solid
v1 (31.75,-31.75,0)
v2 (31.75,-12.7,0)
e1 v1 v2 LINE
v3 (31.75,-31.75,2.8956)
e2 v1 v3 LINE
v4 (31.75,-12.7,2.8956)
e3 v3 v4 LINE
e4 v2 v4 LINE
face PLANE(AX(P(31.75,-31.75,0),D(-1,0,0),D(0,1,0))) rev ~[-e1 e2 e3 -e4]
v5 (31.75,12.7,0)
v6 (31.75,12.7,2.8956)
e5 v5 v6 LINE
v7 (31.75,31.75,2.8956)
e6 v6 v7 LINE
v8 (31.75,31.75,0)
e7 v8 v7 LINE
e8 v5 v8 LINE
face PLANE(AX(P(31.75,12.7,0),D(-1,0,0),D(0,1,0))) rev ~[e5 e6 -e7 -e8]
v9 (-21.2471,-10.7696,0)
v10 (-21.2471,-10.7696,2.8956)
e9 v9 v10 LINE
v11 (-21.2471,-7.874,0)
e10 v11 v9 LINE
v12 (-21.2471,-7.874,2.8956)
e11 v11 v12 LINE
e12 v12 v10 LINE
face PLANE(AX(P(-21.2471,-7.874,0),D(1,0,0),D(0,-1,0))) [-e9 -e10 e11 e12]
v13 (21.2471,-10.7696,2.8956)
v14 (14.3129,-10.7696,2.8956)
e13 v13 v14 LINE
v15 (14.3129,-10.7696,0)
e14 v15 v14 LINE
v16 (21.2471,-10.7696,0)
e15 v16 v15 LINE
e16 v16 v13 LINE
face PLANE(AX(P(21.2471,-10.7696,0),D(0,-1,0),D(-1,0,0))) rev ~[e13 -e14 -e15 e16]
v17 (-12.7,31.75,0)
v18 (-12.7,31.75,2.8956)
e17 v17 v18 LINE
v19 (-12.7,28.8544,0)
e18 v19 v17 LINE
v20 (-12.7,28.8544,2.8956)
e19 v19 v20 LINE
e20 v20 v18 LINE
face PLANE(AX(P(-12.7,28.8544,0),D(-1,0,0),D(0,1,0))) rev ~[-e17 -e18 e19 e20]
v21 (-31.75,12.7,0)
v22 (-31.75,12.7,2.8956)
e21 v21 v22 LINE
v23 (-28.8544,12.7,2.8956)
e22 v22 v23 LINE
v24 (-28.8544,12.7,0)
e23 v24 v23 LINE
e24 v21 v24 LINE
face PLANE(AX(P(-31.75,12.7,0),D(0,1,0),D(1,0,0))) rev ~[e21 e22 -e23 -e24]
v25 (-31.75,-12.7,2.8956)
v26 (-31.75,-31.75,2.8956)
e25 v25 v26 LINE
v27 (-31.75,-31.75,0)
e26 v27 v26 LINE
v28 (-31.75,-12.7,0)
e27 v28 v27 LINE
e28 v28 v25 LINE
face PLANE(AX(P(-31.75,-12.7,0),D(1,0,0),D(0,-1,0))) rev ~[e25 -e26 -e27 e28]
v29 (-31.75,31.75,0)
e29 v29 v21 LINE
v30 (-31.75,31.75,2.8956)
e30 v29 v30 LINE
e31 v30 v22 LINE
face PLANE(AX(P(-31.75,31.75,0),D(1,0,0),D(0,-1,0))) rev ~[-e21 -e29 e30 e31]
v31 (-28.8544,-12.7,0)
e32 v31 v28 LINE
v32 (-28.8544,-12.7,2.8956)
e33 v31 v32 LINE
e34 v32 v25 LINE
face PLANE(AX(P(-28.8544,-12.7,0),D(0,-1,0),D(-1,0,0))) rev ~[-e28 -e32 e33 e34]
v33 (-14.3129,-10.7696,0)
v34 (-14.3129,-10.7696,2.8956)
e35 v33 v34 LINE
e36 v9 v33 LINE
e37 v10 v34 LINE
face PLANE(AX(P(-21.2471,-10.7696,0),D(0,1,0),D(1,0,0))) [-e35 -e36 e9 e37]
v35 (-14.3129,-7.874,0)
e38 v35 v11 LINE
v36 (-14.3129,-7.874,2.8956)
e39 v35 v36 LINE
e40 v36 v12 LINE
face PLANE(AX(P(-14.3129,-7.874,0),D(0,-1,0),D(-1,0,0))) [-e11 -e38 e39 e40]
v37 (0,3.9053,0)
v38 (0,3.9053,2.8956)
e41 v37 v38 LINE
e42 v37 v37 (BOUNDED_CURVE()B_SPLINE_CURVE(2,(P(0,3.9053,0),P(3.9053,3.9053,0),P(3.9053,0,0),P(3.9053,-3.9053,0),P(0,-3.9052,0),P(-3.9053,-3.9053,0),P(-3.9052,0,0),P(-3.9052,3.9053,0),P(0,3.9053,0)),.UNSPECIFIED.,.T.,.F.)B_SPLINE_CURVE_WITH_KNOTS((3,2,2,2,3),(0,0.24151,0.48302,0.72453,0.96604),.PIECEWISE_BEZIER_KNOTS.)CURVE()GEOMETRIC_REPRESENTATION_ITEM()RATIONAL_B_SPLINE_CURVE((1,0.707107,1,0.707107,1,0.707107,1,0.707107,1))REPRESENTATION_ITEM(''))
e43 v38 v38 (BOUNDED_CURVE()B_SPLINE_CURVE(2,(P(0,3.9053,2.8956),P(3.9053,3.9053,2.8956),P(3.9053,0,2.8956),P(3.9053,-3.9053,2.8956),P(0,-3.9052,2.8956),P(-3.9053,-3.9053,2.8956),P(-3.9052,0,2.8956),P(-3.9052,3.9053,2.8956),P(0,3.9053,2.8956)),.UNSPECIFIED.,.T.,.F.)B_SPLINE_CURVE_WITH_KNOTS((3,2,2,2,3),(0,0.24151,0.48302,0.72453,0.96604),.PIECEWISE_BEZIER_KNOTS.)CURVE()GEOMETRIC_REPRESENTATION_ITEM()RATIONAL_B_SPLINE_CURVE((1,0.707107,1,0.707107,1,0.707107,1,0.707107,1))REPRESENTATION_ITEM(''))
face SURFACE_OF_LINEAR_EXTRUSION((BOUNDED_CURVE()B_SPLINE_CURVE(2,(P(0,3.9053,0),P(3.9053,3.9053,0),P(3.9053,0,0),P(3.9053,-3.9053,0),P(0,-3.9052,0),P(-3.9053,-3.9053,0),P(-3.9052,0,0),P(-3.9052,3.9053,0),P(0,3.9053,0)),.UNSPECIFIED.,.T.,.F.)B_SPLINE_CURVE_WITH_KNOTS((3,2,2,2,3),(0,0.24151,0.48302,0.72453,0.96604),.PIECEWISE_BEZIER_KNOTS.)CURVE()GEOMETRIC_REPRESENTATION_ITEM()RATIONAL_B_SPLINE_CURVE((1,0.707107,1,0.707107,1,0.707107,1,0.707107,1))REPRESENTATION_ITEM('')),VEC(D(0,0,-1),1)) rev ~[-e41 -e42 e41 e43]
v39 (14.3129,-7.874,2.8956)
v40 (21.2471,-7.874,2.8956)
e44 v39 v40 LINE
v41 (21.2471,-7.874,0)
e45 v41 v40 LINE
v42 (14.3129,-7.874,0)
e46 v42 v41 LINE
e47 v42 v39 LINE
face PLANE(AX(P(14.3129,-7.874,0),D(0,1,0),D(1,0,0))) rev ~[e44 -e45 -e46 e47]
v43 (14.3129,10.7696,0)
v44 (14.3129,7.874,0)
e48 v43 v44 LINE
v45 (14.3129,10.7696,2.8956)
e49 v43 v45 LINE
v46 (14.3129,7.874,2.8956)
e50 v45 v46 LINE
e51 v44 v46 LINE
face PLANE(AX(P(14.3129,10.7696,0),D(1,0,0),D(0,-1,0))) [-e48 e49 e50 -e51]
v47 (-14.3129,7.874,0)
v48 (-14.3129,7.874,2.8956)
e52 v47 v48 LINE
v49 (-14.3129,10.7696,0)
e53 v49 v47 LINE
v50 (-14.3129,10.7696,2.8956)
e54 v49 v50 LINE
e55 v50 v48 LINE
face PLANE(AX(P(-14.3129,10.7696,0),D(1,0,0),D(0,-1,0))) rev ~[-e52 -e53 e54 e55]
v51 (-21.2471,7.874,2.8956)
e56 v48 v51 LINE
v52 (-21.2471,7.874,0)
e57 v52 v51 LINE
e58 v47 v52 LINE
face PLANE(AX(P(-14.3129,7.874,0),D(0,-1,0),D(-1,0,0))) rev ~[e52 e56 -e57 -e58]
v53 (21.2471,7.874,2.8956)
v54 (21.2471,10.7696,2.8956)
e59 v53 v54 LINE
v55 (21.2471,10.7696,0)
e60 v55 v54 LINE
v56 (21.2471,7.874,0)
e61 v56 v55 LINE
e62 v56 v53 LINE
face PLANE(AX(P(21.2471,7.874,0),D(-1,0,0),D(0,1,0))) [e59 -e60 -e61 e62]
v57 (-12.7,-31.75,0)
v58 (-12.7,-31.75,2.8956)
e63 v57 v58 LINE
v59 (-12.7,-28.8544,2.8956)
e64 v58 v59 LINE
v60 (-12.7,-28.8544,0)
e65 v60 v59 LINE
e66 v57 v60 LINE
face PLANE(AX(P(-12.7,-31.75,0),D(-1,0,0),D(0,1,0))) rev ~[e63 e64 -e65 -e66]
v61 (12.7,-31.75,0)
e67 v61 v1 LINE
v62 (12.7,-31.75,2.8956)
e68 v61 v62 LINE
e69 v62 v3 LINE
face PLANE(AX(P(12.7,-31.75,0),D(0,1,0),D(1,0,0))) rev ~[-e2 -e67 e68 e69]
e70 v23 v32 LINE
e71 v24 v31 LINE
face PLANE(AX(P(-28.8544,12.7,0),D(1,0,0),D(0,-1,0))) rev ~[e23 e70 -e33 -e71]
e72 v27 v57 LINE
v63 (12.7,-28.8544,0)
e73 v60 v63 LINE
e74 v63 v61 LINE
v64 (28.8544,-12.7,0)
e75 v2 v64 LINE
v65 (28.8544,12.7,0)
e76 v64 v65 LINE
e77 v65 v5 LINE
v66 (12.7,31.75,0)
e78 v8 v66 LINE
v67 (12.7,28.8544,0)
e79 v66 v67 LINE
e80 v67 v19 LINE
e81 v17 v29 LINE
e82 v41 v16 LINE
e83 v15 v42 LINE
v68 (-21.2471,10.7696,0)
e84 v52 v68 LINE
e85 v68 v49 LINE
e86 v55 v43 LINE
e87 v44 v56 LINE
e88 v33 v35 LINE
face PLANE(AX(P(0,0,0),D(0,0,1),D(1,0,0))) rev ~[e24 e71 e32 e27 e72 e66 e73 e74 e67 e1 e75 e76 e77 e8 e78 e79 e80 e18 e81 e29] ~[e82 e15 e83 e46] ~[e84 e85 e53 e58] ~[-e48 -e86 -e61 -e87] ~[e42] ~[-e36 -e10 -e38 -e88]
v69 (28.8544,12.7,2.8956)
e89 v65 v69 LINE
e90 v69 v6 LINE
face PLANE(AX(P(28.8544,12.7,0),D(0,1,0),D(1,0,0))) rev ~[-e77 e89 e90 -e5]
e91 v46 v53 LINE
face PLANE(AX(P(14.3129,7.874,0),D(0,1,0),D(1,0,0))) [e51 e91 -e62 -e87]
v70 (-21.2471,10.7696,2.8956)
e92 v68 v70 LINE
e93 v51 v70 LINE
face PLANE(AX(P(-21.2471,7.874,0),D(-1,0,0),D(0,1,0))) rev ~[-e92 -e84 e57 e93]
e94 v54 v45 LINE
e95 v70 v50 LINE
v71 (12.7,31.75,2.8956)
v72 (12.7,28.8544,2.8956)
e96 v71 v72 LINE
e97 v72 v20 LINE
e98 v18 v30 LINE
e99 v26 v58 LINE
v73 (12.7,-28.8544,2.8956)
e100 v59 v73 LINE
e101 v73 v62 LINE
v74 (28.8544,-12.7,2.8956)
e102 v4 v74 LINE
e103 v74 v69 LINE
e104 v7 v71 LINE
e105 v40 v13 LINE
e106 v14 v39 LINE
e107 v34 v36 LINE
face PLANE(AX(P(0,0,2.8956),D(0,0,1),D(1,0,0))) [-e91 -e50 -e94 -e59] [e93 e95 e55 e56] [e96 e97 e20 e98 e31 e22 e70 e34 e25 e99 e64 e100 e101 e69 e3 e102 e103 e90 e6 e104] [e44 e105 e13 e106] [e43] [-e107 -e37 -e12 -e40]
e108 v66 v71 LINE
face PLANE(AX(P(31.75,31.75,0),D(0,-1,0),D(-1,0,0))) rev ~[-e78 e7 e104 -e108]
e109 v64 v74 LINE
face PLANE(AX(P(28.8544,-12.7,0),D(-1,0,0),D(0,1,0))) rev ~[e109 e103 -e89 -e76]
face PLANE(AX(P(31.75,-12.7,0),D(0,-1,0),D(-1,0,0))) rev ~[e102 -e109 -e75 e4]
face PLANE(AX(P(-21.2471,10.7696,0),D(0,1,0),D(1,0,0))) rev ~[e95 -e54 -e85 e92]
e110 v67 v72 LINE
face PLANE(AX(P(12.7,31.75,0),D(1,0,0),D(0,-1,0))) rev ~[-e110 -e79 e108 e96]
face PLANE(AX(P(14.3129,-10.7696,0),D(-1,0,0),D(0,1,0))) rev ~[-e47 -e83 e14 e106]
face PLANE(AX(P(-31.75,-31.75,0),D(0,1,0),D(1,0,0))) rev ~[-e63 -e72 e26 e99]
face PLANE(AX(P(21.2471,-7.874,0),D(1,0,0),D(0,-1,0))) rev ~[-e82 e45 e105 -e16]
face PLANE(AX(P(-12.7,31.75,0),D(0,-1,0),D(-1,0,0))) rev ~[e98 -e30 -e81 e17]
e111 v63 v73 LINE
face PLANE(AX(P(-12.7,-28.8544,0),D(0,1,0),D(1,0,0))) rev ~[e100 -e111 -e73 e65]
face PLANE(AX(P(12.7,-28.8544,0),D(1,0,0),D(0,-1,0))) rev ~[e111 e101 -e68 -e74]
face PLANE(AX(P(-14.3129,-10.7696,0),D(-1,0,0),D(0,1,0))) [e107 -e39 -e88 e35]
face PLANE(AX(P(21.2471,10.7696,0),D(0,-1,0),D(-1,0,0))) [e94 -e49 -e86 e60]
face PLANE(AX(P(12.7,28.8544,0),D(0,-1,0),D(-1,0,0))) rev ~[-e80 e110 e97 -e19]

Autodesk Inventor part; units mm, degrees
ref_plane "YZ Plane" through (0, 0, 0) normal (1, 0, 0) x (0, 1, 0)
ref_plane "XZ Plane" through (0, 0, 0) normal (0, 1, 0) x (-1, 0, 0)
ref_plane "XY Plane" through (0, 0, 0) normal (0, 0, 1) x (1, 0, 0)
sketch "Sketch1" plane through (0, 0, 0) normal (0, 0, 1) x (1, 0, 0)
  spline S0 degree 2 poles (0, 3.9053) (3.9053, 3.9053) (3.9053, 0) (3.9053, -3.9053) (0, -3.9052) (-3.9053, -3.9053) (-3.9052, 0) (-3.9052, 3.9053) (0, 3.9053) knots 0 0 0 0.24151 0.24151 0.48302 0.48302 0.72453 0.72453 0.96604 0.96604 0.96604 weights 1 0.707107 1 0.707107 1 0.707107 1 0.707107 1
  line L0 (0, 3.9053) -> (3.9053, 3.9053) construction
  line L1 (3.9053, 3.9053) -> (3.9053, 0) construction
  line L2 (3.9053, 0) -> (3.9053, -3.9053) construction
  line L3 (3.9053, -3.9053) -> (0, -3.9052) construction
  line L4 (0, -3.9052) -> (-3.9053, -3.9053) construction
  line L5 (-3.9053, -3.9053) -> (-3.9052, 0) construction
  line L6 (-3.9052, 0) -> (-3.9052, 3.9053) construction
  line L7 (-3.9052, 3.9053) -> (0, 3.9053) construction
  line L8 (-28.8544, 12.7) -> (-28.8544, -12.7)
  line L9 (-28.8544, -12.7) -> (-31.75, -12.7)
  line L10 (-31.75, -12.7) -> (-31.75, -31.75)
  line L11 (-31.75, -31.75) -> (-12.7, -31.75)
  line L12 (-12.7, -31.75) -> (-12.7, -28.8544)
  line L13 (-12.7, -28.8544) -> (12.7, -28.8544)
  line L14 (12.7, -28.8544) -> (12.7, -31.75)
  line L15 (12.7, -31.75) -> (31.75, -31.75)
  line L16 (31.75, -31.75) -> (31.75, -12.7)
  line L17 (31.75, -12.7) -> (28.8544, -12.7)
  line L18 (28.8544, -12.7) -> (28.8544, 12.7)
  line L19 (28.8544, 12.7) -> (31.75, 12.7)
  line L20 (31.75, 12.7) -> (31.75, 31.75)
  line L21 (31.75, 31.75) -> (12.7, 31.75)
  line L22 (12.7, 31.75) -> (12.7, 28.8544)
  line L23 (12.7, 28.8544) -> (-12.7, 28.8544)
  line L24 (-12.7, 28.8544) -> (-12.7, 31.75)
  line L25 (-12.7, 31.75) -> (-31.75, 31.75)
  line L26 (-31.75, 31.75) -> (-31.75, 12.7)
  line L27 (-31.75, 12.7) -> (-28.8544, 12.7)
  line L28 (21.2471, 10.7696) -> (14.3129, 10.7696)
  line L29 (14.3129, 10.7696) -> (14.3129, 7.874)
  line L30 (14.3129, 7.874) -> (21.2471, 7.874)
  line L31 (21.2471, 7.874) -> (21.2471, 10.7696)
  line L32 (-21.2471, 10.7696) -> (-14.3129, 10.7696)
  line L33 (-14.3129, 10.7696) -> (-14.3129, 7.874)
  line L34 (-14.3129, 7.874) -> (-21.2471, 7.874)
  line L35 (-21.2471, 7.874) -> (-21.2471, 10.7696)
  line L36 (-21.2471, -10.7696) -> (-14.3129, -10.7696)
  line L37 (-14.3129, -10.7696) -> (-14.3129, -7.874)
  line L38 (-14.3129, -7.874) -> (-21.2471, -7.874)
  line L39 (-21.2471, -7.874) -> (-21.2471, -10.7696)
  line L40 (21.2471, -10.7696) -> (14.3129, -10.7696)
  line L41 (14.3129, -10.7696) -> (14.3129, -7.874)
  line L42 (14.3129, -7.874) -> (21.2471, -7.874)
  line L43 (21.2471, -7.874) -> (21.2471, -10.7696)
  point P0 (0, 0)
extrude "Extrusion1" add sketch "Sketch1" along normal blind 2.8956
properties part number "inside_box_top_bot" material "Polycarbonate, Clear"
